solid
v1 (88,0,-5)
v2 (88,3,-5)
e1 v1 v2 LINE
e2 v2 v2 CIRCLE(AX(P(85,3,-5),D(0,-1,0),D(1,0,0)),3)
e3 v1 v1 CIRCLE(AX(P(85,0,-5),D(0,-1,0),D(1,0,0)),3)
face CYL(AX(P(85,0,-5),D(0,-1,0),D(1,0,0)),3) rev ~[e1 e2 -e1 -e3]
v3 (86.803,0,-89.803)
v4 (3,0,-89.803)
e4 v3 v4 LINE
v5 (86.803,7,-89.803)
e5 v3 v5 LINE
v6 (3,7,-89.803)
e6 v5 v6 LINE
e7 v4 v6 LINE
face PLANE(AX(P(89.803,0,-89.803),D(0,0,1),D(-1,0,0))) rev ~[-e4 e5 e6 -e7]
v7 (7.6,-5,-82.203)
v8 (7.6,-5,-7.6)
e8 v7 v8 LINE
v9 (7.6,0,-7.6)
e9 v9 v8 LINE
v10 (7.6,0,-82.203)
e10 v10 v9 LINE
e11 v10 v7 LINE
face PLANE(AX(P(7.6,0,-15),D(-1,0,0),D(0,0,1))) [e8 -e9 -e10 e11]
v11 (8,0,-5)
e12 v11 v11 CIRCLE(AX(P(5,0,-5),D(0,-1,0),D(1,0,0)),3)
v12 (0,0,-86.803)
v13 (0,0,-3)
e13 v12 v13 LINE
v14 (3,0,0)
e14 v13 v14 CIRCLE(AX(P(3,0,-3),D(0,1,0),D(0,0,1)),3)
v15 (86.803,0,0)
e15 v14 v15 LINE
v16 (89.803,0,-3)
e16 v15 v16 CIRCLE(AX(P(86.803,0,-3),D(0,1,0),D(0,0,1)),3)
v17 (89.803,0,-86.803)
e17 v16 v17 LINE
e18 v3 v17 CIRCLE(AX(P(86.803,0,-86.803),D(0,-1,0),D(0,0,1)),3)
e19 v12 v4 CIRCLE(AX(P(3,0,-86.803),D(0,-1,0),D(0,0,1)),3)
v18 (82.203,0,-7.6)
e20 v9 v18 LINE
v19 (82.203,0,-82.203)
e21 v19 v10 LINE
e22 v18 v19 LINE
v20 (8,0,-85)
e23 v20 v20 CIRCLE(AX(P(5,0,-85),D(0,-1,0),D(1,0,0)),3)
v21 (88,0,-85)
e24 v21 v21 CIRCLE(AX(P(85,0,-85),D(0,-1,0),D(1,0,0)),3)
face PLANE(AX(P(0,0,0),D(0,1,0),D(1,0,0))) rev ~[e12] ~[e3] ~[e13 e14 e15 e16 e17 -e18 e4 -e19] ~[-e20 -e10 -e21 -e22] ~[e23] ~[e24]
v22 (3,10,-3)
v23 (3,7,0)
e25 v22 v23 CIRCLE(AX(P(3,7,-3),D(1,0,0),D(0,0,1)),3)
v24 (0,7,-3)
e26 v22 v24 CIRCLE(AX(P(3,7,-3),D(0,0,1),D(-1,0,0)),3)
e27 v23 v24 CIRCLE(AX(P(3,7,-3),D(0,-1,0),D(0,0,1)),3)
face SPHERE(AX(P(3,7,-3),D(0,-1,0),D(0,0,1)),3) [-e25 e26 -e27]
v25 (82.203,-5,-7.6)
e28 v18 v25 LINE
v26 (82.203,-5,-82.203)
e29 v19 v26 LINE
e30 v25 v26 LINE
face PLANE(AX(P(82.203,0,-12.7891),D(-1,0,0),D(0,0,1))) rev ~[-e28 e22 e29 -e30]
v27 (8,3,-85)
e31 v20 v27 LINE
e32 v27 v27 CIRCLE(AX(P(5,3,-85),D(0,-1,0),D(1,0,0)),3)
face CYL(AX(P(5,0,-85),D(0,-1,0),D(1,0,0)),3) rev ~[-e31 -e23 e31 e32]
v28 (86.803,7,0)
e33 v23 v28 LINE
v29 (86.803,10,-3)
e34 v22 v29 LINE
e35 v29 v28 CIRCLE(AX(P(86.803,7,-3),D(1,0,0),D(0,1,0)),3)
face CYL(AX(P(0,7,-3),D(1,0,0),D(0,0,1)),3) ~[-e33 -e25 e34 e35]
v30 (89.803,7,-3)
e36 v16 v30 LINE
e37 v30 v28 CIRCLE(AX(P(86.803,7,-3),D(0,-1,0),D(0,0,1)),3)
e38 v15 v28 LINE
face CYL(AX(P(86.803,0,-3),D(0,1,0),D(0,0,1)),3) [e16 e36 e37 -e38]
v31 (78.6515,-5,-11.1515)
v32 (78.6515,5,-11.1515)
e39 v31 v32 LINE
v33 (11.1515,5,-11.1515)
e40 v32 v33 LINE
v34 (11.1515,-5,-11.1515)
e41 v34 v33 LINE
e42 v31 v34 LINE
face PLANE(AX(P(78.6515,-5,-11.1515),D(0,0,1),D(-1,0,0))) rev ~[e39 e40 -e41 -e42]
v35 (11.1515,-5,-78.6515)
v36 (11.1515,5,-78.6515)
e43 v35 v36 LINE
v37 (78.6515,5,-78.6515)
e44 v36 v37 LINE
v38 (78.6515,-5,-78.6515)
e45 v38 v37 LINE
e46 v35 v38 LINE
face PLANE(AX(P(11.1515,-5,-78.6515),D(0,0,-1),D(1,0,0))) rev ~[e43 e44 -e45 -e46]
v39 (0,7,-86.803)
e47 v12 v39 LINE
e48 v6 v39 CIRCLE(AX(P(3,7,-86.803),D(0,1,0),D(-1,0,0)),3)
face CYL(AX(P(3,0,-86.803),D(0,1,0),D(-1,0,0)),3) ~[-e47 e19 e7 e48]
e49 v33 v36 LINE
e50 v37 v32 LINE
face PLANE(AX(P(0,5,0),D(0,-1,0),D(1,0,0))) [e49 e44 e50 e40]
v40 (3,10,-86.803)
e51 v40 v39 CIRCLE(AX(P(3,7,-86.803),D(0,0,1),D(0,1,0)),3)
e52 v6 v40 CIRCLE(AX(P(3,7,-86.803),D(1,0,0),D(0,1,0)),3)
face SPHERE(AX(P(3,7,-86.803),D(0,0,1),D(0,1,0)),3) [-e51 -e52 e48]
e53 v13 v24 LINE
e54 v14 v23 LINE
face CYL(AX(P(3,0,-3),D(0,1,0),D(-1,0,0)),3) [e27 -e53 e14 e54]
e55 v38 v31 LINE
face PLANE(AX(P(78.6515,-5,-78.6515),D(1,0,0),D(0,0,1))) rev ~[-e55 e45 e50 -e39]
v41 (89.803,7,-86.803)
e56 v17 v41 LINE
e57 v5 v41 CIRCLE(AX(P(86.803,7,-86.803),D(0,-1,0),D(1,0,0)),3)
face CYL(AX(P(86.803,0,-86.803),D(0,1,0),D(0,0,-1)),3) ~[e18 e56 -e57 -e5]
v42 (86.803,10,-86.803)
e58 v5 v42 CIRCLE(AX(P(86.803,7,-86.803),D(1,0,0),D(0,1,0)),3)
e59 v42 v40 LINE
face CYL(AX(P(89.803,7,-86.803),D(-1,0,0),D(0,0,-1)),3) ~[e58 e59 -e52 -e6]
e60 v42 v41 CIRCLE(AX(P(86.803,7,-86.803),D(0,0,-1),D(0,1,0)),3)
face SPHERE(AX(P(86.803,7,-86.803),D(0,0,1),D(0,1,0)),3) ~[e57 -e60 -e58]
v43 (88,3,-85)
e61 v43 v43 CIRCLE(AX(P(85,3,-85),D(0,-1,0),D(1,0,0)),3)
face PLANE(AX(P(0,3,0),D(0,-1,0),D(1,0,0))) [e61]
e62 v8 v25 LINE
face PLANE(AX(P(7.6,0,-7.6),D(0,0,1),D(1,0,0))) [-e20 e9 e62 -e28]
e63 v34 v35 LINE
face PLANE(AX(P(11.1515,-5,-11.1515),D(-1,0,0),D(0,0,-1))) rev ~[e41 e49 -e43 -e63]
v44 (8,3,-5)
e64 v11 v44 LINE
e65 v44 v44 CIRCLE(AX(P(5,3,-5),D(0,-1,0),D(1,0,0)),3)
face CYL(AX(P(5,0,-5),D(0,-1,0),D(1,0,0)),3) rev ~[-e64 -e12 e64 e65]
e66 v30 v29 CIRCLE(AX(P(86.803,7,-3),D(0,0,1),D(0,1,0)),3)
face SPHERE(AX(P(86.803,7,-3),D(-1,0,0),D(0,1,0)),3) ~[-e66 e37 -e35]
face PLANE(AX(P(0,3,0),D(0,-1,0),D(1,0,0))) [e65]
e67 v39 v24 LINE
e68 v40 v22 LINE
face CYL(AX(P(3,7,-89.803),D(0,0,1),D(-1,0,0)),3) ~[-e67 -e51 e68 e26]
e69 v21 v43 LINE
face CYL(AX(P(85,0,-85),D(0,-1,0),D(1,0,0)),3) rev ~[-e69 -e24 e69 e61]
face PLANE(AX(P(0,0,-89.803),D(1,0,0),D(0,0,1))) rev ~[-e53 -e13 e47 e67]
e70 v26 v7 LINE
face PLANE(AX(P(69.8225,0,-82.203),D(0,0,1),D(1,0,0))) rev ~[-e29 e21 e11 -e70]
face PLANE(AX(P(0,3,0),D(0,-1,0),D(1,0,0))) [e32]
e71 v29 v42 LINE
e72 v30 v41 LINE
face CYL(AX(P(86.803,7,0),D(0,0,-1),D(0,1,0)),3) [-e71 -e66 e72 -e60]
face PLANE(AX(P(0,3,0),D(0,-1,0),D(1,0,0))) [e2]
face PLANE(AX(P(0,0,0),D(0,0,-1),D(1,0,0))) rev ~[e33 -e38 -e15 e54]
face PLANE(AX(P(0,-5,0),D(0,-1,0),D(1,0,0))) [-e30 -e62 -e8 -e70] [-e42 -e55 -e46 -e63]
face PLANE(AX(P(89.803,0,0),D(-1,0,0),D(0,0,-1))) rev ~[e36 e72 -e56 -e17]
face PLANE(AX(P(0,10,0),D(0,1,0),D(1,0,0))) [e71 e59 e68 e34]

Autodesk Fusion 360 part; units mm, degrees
sketch "Sketch1" plane through (0, 0, 0) normal (0, 1, 0) x (1, 0, 0)
  line L0 (0, 0) -> (89.803, 0)
  line L1 (89.803, 0) -> (89.803, 89.803)
  line L2 (89.803, 89.803) -> (0, 89.803)
  line L3 (0, 89.803) -> (0, 0)
  dimension "d1" = 89.803
  dimension "d2" = 89.803
extrude "Extrude1" add sketch "Sketch1" along normal blind 10 makes body 1
sketch "Sketch6" plane through (0, 0, 0) normal (0, -1, 0) x (1, 0, 0)
  line L0 (0, -89.803) -> (89.803, -89.803)
  line L1 (89.803, -89.803) -> (89.803, 0)
  line L2 (89.803, 0) -> (0, 0)
  line L3 (77.4015, -12.4015) -> (12.4015, -12.4015)
  line L4 (12.4015, -12.4015) -> (12.4015, -77.4015)
  line L5 (12.4015, -77.4015) -> (77.4015, -77.4015)
  line L6 (77.4015, -77.4015) -> (77.4015, -12.4015)
  line L7 (77.4015, -12.4015) -> (12.4015, -77.4015) construction
  line L8 (12.4015, -12.4015) -> (77.4015, -77.4015) construction
  point P0 (44.9015, -44.9015)
  dimension "d12" = 65
  dimension "d13" = 65
extrude "Extrude3" add sketch "Sketch6" against normal blind 1 bodies 1
fillet "Fillet2" radius 3 8 edges at (0, 5, 0) (44.9015, 10, 0) (0, 10, -44.9015) (89.803, 10, -44.9015) (44.9015, 10, -89.803) (89.803, 5, 0) (89.803, 5, -89.803) (0, 5, -89.803) on bodies 1
copy_body "Body->Comp2" bodies 1 removing the originals makes body 2 in component "topbody2"
sketch "Sketch7" plane through (0, 0, 0) normal (0, -1, 0) x (1, 0, 0)
  arc A0 (86.803, -89.803) -> (89.803, -86.803) centre (86.803, -86.803) ccw
  line L0 (89.803, -86.803) -> (89.803, -3)
  arc A1 (89.803, -3) -> (86.803, 0) centre (86.803, -3) ccw
  line L1 (86.803, 0) -> (3, 0)
  arc A2 (3, 0) -> (0, -3) centre (3, -3) ccw
  line L2 (0, -3) -> (0, -86.803)
  arc A3 (0, -86.803) -> (3, -89.803) centre (3, -86.803) ccw
  line L3 (3, -89.803) -> (86.803, -89.803)
  circle A4 centre (5, -5) radius 3
  circle A5 centre (5, -85) radius 3
  circle A6 centre (85, -85) radius 3
  circle A7 centre (85, -5) radius 3
  dimension "d17" = 6
  dimension "d18" = 6
  dimension "d19" = 6
  dimension "d20" = 6
extrude "Extrude1'" cut sketch "Sketch7" against normal blind 3 contours A4 | A5 | A6 | A7 bodies 2 in component "topbody2"
sketch "Sketch8" plane through (0, 0, 0) normal (0, -1, 0) x (1, 0, 0)
  circle A0 centre (85, -5) radius 3
  circle A1 centre (85, -85) radius 3
  circle A2 centre (5, -5) radius 3
  circle A3 centre (5, -85) radius 3
  arc A4 (86.803, -89.803) -> (89.803, -86.803) centre (86.803, -86.803) ccw
  line L0 (89.803, -86.803) -> (89.803, -3)
  arc A5 (89.803, -3) -> (86.803, 0) centre (86.803, -3) ccw
  line L1 (86.803, 0) -> (3, 0)
  arc A6 (3, 0) -> (0, -3) centre (3, -3) ccw
  line L2 (0, -3) -> (0, -86.803)
  arc A7 (0, -86.803) -> (3, -89.803) centre (3, -86.803) ccw
  line L3 (3, -89.803) -> (86.803, -89.803)
  line L4 (7.6, -15) -> (7.6, -75)
  line L5 (14.4179, -82.203) -> (69.8225, -82.203)
  line L6 (82.203, -71.2718) -> (82.203, -12.7891)
  line L7 (70, -7.6) -> (20, -7.6)
  line L8 (7.6, -15) -> (7.6, -7.6)
  line L9 (7.6, -7.6) -> (20, -7.6)
  line L10 (7.6, -7.6) -> (20, -7.6)
  line L11 (20, -7.6) -> (70, -7.6)
  line L12 (70, -7.6) -> (82.203, -7.6)
  line L13 (82.203, -12.7891) -> (82.203, -7.6)
  line L14 (82.203, -71.2718) -> (82.203, -82.203)
  line L15 (69.8225, -82.203) -> (82.203, -82.203)
  line L16 (14.4179, -82.203) -> (7.6, -82.203)
  line L17 (7.6, -75) -> (7.6, -82.203)
extrude "Extrude2" add sketch "Sketch8" along normal blind 5 contours L4 L5 L6 L7 L8 L9 L10 L11 L12 L13 L14 L15 L16 L17 bodies 2 in component "topbody2"
sketch "Sketch9" plane through (0, -5, 0) normal (0, -1, 0) x (1, 0, 0)
  line L0 (7.6, -7.6) -> (7.6, -82.203)
  line L1 (7.6, -82.203) -> (82.203, -82.203)
  line L2 (82.203, -82.203) -> (82.203, -7.6)
  line L3 (82.203, -7.6) -> (7.6, -7.6)
  line L4 (78.6515, -11.1515) -> (11.1515, -11.1515)
  line L5 (11.1515, -11.1515) -> (11.1515, -78.6515)
  line L6 (11.1515, -78.6515) -> (78.6515, -78.6515)
  line L7 (78.6515, -78.6515) -> (78.6515, -11.1515)
  line L8 (78.6515, -11.1515) -> (11.1515, -78.6515) construction
  line L9 (11.1515, -11.1515) -> (78.6515, -78.6515) construction
  point P0 (44.9015, -44.9015)
  dimension "d33" = 67.5
  dimension "d34" = 67.5
extrude "Extrude3'" cut sketch "Sketch9" against normal blind 10 contours L4 L5 L6 L7 bodies 2 in component "topbody2"
component "topbody2" placed x (1, 0, 0) y (0, 1, 0) z (0, 0, 1) at (0, 0, 0)
